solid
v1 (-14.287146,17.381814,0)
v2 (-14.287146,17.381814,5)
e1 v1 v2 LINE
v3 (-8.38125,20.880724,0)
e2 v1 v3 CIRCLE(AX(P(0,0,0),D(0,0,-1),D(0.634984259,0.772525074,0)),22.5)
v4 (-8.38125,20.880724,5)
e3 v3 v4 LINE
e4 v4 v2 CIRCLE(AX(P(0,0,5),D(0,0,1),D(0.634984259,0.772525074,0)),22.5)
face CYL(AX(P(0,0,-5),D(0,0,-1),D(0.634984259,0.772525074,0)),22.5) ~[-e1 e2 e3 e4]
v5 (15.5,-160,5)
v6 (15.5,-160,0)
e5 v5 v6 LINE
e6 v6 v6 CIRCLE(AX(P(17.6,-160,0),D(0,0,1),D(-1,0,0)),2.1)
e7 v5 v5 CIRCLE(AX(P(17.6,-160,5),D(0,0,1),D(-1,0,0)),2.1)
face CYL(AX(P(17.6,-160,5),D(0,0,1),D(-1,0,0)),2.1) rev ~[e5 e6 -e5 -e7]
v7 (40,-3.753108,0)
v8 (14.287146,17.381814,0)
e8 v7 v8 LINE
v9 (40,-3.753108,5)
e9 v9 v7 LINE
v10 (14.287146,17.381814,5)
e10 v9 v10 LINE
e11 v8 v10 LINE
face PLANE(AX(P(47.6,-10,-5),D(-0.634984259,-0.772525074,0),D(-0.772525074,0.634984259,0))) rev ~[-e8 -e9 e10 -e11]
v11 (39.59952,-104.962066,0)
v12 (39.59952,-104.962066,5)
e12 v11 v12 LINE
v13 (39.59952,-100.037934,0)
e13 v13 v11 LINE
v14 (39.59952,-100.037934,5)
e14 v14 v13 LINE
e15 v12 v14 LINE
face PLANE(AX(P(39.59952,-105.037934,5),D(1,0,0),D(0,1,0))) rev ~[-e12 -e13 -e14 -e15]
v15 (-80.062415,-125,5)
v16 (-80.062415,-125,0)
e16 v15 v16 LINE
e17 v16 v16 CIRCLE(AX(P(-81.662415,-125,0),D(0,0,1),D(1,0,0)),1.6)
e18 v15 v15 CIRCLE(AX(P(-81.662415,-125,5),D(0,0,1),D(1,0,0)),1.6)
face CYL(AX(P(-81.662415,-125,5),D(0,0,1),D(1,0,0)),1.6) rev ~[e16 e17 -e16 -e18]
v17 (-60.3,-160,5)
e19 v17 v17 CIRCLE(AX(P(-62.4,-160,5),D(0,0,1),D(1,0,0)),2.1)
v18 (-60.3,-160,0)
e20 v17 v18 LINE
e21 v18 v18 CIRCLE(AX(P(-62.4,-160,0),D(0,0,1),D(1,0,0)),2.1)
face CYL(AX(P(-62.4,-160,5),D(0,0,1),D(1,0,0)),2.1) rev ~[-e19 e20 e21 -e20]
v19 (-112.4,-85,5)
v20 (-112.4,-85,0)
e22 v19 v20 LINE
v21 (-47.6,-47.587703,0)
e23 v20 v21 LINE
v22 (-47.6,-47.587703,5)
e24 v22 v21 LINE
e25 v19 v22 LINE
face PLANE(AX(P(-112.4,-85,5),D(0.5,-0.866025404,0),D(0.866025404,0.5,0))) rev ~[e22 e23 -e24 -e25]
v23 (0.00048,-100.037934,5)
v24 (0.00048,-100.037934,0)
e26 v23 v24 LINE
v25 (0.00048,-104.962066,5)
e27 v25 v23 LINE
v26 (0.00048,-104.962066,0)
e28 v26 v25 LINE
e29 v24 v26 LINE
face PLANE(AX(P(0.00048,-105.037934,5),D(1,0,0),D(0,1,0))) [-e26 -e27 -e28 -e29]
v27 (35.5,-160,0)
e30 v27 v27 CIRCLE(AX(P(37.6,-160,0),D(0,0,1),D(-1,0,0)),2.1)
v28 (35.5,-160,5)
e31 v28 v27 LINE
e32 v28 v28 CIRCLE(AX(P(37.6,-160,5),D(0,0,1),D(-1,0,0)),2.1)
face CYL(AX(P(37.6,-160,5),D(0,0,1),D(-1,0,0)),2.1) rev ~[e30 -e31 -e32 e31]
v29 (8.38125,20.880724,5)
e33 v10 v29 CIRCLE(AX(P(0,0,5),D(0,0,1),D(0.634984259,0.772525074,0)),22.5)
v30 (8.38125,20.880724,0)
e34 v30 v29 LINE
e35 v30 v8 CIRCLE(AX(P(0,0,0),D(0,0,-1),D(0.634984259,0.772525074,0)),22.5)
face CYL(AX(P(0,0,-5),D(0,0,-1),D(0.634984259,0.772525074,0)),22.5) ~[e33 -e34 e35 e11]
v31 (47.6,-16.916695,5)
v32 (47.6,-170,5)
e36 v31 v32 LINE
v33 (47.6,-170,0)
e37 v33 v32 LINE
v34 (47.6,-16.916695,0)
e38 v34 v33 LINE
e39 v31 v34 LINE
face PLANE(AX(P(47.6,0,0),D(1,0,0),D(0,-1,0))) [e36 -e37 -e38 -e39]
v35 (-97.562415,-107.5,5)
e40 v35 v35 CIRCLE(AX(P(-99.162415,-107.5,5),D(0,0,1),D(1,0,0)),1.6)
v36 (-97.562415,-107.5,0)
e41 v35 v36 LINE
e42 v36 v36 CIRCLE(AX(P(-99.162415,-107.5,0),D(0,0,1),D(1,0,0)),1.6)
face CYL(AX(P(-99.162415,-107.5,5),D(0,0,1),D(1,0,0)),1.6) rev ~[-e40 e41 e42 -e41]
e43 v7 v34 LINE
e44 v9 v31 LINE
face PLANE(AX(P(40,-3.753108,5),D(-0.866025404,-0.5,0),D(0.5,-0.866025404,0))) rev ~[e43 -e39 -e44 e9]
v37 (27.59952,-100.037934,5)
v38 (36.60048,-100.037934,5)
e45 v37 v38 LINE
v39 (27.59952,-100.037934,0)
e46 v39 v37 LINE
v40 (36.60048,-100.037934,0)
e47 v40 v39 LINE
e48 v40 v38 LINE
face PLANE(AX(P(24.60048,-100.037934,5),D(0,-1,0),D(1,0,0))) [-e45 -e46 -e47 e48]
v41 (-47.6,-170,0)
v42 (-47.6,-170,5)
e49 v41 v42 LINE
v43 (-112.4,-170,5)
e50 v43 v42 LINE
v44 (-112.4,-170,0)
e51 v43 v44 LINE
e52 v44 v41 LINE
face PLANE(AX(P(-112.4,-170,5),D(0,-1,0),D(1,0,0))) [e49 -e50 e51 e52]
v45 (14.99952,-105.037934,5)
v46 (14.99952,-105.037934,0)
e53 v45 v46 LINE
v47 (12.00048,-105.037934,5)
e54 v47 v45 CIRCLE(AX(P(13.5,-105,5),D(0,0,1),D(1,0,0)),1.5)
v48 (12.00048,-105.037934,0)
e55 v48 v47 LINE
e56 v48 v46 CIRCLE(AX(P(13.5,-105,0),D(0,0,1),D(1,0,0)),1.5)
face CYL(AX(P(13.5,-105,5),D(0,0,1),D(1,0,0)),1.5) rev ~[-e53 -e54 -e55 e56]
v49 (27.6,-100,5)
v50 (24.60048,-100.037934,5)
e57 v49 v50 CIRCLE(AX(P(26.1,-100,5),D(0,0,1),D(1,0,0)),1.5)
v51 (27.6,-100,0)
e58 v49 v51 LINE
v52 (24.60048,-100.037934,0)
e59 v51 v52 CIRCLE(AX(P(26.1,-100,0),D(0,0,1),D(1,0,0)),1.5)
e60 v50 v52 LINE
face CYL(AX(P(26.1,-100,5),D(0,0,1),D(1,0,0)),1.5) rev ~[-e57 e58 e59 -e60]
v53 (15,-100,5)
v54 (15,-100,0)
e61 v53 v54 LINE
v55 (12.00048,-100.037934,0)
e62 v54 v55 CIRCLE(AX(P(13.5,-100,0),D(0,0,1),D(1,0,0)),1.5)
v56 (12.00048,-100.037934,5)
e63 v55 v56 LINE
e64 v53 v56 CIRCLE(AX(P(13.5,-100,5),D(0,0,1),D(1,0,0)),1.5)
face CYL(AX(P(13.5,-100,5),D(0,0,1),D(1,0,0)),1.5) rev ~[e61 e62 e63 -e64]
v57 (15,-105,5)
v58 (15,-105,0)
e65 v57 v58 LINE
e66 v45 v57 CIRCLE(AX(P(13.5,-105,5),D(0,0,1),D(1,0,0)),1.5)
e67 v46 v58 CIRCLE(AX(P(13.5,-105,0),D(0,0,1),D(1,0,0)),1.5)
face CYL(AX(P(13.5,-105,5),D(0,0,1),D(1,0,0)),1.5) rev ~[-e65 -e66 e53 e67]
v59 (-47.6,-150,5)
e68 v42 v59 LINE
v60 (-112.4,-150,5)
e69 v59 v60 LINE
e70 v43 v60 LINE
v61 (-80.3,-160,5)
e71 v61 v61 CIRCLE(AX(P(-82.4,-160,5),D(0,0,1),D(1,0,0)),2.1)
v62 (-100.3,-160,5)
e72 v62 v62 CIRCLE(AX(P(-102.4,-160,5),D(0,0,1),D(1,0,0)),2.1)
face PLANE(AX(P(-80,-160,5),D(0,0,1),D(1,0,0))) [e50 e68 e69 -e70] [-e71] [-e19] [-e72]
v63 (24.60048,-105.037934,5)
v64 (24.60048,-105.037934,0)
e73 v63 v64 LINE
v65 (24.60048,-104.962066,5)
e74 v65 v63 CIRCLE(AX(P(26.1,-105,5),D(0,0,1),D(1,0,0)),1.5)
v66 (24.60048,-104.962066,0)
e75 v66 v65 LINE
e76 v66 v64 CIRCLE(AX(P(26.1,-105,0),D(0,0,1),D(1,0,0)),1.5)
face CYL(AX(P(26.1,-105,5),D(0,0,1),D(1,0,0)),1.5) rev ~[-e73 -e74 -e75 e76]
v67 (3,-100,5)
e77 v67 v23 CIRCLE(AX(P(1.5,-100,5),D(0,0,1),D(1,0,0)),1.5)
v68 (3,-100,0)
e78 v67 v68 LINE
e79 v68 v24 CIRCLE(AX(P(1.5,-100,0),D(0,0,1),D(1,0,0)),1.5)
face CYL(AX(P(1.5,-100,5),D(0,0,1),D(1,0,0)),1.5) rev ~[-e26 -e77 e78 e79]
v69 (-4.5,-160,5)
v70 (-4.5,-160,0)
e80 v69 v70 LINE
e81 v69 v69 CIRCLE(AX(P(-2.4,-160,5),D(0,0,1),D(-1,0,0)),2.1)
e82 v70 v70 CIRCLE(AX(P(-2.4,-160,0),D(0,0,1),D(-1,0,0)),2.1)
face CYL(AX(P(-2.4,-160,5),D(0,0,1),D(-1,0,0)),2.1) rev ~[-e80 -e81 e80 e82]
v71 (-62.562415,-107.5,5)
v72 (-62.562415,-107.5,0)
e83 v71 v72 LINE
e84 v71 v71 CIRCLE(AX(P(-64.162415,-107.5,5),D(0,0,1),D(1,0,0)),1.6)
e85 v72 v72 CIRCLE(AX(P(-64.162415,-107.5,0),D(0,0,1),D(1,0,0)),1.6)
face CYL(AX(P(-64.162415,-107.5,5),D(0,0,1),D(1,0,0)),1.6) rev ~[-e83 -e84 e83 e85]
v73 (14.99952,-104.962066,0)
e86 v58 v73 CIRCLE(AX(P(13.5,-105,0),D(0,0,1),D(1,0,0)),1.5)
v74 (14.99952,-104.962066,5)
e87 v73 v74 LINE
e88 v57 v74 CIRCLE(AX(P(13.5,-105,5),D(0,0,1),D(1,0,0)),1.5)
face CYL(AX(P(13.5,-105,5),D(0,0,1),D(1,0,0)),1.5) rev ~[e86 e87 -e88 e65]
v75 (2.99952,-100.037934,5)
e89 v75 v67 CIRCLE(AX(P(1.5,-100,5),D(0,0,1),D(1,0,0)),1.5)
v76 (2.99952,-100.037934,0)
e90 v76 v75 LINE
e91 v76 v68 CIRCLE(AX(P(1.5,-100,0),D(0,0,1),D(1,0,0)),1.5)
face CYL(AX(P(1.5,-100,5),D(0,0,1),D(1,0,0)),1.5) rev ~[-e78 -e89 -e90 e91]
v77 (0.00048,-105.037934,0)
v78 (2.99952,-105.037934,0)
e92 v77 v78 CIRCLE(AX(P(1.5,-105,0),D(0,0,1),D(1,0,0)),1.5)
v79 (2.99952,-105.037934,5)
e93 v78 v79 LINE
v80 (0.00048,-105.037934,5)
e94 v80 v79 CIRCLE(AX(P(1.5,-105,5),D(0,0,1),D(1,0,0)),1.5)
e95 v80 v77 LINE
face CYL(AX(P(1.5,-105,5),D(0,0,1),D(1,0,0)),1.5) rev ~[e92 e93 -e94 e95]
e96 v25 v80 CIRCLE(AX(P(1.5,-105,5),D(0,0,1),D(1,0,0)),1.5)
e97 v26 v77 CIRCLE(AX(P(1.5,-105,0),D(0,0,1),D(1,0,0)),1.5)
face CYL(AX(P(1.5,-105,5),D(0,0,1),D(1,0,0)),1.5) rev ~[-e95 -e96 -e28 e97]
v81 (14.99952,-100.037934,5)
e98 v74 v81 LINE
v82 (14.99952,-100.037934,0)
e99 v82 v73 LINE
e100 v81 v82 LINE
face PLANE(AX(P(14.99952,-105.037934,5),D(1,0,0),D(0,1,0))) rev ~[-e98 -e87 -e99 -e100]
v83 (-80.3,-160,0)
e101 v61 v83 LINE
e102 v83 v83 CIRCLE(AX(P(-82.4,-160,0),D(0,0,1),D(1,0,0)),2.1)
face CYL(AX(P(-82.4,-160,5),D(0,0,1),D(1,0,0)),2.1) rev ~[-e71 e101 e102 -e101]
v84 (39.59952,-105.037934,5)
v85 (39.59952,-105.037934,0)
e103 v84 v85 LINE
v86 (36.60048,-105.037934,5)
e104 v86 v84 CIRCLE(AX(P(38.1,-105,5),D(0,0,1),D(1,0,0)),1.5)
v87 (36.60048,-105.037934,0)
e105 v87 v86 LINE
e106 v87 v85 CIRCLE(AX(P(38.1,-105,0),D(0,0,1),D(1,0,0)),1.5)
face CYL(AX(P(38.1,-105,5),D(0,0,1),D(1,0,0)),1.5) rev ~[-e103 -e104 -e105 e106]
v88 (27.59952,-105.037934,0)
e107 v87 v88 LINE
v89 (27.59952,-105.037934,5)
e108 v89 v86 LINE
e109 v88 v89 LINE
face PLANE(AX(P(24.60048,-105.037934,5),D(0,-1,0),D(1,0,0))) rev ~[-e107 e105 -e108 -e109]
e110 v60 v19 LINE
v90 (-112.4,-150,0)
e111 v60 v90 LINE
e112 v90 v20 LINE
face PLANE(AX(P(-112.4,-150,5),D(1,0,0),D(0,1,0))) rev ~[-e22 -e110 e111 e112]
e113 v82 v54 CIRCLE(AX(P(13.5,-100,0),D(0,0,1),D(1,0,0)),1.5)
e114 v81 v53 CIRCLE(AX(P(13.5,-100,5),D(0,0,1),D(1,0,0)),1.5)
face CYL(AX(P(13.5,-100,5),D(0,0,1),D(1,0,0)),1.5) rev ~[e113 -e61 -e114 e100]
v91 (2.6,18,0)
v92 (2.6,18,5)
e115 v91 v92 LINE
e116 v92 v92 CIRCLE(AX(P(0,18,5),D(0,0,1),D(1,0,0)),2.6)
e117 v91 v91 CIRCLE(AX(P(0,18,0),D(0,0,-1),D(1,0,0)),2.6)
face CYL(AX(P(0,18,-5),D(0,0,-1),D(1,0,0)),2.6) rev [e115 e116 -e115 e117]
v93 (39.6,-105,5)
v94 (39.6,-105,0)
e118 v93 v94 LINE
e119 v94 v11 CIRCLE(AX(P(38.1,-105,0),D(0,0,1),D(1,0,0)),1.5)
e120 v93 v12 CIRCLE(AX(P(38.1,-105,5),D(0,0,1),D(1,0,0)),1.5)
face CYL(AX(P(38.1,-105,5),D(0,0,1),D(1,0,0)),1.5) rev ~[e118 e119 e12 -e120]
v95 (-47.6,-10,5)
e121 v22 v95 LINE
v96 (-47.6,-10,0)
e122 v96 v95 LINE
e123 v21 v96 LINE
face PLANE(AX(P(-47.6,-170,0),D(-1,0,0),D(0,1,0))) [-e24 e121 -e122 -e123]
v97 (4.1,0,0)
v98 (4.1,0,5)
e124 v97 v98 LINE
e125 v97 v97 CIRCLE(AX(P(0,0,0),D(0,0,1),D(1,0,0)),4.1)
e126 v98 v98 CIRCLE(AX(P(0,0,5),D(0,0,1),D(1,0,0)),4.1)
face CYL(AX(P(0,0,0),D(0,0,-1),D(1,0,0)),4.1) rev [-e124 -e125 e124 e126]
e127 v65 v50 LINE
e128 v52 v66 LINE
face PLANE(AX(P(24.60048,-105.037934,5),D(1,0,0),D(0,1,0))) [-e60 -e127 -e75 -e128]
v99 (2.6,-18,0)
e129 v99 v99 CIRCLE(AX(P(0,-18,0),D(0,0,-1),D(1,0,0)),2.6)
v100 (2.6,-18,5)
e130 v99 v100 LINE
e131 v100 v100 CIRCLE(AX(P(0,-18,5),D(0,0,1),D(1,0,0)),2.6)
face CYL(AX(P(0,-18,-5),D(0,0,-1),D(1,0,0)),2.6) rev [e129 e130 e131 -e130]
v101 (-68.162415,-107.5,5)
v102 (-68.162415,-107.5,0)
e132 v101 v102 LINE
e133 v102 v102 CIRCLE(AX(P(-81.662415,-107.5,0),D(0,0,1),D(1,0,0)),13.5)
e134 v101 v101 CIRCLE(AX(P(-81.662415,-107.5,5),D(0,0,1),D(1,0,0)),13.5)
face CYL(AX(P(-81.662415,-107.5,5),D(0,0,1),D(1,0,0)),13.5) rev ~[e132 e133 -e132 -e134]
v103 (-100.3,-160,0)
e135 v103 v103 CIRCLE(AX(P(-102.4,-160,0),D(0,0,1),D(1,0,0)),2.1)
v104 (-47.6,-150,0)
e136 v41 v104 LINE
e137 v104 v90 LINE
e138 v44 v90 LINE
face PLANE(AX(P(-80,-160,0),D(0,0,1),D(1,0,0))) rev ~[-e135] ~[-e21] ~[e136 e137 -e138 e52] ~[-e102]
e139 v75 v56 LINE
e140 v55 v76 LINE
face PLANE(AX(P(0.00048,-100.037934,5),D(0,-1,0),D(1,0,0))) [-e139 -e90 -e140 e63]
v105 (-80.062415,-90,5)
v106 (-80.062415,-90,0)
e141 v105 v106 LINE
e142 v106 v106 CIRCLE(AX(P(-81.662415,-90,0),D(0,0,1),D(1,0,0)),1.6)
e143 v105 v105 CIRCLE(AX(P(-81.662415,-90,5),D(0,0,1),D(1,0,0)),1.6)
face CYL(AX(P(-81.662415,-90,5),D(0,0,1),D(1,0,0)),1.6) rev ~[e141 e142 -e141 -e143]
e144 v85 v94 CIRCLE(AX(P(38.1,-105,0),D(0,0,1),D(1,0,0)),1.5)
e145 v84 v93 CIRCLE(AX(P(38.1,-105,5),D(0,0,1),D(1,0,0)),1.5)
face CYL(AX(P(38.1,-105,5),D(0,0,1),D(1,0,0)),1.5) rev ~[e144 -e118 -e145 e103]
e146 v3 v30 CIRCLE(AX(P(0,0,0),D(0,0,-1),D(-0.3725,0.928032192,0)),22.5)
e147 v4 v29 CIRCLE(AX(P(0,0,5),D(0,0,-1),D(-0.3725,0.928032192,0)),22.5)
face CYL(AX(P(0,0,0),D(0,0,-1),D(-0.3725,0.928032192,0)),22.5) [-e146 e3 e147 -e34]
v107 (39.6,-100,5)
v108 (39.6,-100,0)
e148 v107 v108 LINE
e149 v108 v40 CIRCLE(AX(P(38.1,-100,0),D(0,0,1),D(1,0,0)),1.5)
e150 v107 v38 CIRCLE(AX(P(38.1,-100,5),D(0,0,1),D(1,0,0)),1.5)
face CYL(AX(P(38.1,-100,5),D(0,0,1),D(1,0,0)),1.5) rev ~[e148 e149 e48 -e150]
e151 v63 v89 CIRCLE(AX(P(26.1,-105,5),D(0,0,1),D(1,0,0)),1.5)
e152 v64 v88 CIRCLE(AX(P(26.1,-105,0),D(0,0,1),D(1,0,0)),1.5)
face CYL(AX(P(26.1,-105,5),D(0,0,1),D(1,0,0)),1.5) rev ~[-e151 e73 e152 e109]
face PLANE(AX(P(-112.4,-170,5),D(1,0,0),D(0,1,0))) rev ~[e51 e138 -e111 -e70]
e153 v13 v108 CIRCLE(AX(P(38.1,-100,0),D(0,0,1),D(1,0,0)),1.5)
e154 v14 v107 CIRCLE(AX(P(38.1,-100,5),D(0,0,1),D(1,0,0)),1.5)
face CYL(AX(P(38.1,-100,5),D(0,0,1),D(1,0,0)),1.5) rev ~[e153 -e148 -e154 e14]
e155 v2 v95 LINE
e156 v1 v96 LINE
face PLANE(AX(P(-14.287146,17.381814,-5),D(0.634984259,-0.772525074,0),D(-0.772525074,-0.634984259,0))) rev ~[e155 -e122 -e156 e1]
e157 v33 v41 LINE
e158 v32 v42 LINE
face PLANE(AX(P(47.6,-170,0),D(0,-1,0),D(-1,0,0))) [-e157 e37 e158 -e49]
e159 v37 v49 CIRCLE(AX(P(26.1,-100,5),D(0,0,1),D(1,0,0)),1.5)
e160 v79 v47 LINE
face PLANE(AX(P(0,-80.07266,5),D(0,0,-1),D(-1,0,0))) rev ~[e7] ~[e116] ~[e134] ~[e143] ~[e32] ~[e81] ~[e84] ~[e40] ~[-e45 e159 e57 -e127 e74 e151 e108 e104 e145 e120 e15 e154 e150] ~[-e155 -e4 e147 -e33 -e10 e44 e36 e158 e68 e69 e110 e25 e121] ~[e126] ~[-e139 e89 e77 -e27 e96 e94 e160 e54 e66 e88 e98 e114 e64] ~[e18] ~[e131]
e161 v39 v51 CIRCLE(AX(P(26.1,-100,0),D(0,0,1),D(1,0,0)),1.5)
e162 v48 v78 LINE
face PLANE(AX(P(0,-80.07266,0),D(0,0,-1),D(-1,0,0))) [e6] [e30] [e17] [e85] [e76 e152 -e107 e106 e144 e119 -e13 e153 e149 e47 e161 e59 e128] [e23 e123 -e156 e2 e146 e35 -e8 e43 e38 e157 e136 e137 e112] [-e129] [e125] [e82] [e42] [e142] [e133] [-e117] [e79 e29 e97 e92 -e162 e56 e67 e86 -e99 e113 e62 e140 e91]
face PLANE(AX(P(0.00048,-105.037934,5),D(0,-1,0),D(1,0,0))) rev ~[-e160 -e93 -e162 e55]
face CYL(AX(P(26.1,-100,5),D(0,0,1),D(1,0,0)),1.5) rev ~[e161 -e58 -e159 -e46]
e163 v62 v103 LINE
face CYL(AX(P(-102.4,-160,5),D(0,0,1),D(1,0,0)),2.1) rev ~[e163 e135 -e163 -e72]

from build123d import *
from build123d.topology import SkipClean

# Parameters (mm, degrees)
SKETCH_1_R          = 2.6
SKETCH_1_R_2        = 4.1
EXTRUDE_1_DEPTH     = 5
SKETCH_2_R          = 13.5
SKETCH_2_R_2        = 1.6
EXTRUDE_2_DEPTH     = 5
CUT_EXTRUDE_START   = -10
SKETCH_3_R          = 2.6
CUT_EXTRUDE_1_DEPTH = 10
CUT_EXTRUDE_3_DEPTH = 5
SKETCH_6_R          = 1.5
CUT_EXTRUDE_5_DEPTH = 204.859657608
SKETCH_7_W          = 14.99904054
SKETCH_7_H          = 5
CUT_EXTRUDE_6_DEPTH = 204.859657608
SKETCH_8_W          = 64.8
SKETCH_8_H          = 20
EXTRUDE_3_DEPTH     = 5
SKETCH_9_R          = 2.1
CUT_EXTRUDE_7_DEPTH = 5


with BuildPart() as part:
    # 草图1 → 凸台-拉伸1 (new body)
    with BuildSketch(Plane.XY):
        with BuildLine():
            Line((-42.831, 7.053044662), (-8.38125, 20.880724327))
            ThreePointArc((-8.38125, 20.880724327), (0, 22.5), (8.38125, 20.880724327))
            Line((8.38125, 20.880724327), (42.831, 7.053044662))
            ThreePointArc((42.831, 7.053044662), (46.29585578, 4.257017735), (47.6, 0))
            Line((47.6, 0), (47.6, -170))
            Line((47.6, -170), (-47.6, -170))
            Line((-47.6, -170), (-47.6, 0))
            ThreePointArc((-47.6, 0), (-46.29585578, 4.257017735), (-42.831, 7.053044662))
        make_face()
        with Locations((-40, 0)):
            Circle(SKETCH_1_R, mode=Mode.SUBTRACT)
        with Locations(Location((40, 0, 0), (0, 0, 180))):
            Circle(SKETCH_1_R, mode=Mode.SUBTRACT)
        Circle(SKETCH_1_R_2, mode=Mode.SUBTRACT)
    extrude(amount=EXTRUDE_1_DEPTH)

    # 草图2 → 凸台-拉伸2 (add)
    with BuildSketch(Plane.XY.offset(5)):
        Polygon((-47.6, -47.587702557), (-47.6, -150), (-112.4, -150), (-112.4, -85), align=None)
        with Locations((-81.662414855, -107.5)):
            Circle(SKETCH_2_R, mode=Mode.SUBTRACT)
        with Locations((-81.662414855, -90)):
            Circle(SKETCH_2_R_2, mode=Mode.SUBTRACT)
        with Locations((-64.162414855, -107.5)):
            Circle(SKETCH_2_R_2, mode=Mode.SUBTRACT)
        with Locations((-81.662414855, -125)):
            Circle(SKETCH_2_R_2, mode=Mode.SUBTRACT)
        with Locations((-99.162414855, -107.5)):
            Circle(SKETCH_2_R_2, mode=Mode.SUBTRACT)
    extrude(amount=-EXTRUDE_2_DEPTH)

    # 草图3 → 切除-拉伸1 (cut)
    with SkipClean():  # the faces are left unmerged after this step: merging them gives an invalid solid
        with BuildSketch(Plane.XY.offset(5).offset(CUT_EXTRUDE_START)):
            with Locations((0, 18)):
                Circle(SKETCH_3_R)
            with Locations((0, -18)):
                Circle(SKETCH_3_R)
            with BuildLine():
                Line((-14.287145834, 17.381814172), (-47.6, -10))
                Line((-47.6, -10), (-95.969286822, 101.060273712))
                Line((-95.969286822, 101.060273712), (-90.307154963, 103.526261511))
                Line((-90.307154963, 103.526261511), (99.481091757, 68.842428386))
                Line((99.481091757, 68.842428386), (47.6, -10))
                Line((47.6, -10), (14.287145834, 17.381814172))
                ThreePointArc((14.287145834, 17.381814172), (0, 22.5), (-14.287145834, 17.381814172))
            make_face()
        extrude(amount=CUT_EXTRUDE_1_DEPTH, mode=Mode.SUBTRACT)

    # 草图5 → 切除-拉伸3 (cut)
    with SkipClean():  # the faces are left unmerged after this step: merging them gives an invalid solid
        with BuildSketch(Plane.XY.offset(5)):
            Polygon((40, -3.753108435), (47.6, -16.916694572), (47.6, -10), align=None)
        extrude(amount=-CUT_EXTRUDE_3_DEPTH, mode=Mode.SUBTRACT)

    # 草图6 → 切除-拉伸5 (cut, through all)
    with SkipClean():  # the faces are left unmerged after this step: merging them gives an invalid solid
        with BuildSketch(Plane.XY.offset(5)):
            with Locations((1.5, -105)):
                Circle(SKETCH_6_R)
            with Locations((1.5, -100)):
                Circle(SKETCH_6_R)
            with Locations((13.5, -105)):
                Circle(SKETCH_6_R)
            with Locations((13.5, -100)):
                Circle(SKETCH_6_R)
            with Locations((38.1, -105)):
                Circle(SKETCH_6_R)
            with Locations((26.1, -105)):
                Circle(SKETCH_6_R)
            with Locations((26.1, -100)):
                Circle(SKETCH_6_R)
            with Locations((38.1, -100)):
                Circle(SKETCH_6_R)
        extrude(amount=-CUT_EXTRUDE_5_DEPTH, mode=Mode.SUBTRACT)

    # 草图7 → 切除-拉伸6 (cut, through all)
    with SkipClean():  # the faces are left unmerged after this step: merging them gives an invalid solid
        with BuildSketch(Plane.XY.offset(5)):
            with Locations((7.5, -102.537933644)):
                Rectangle(SKETCH_7_W, SKETCH_7_H)
            with Locations((32.1, -102.537933644)):
                Rectangle(SKETCH_7_W, SKETCH_7_H)
        extrude(amount=-CUT_EXTRUDE_6_DEPTH, mode=Mode.SUBTRACT)

    # 草图8 → 凸台-拉伸3 (add)
    with SkipClean():  # the faces are left unmerged after this step: merging them gives an invalid solid
        with BuildSketch(Plane.XY.offset(5)):
            with Locations((-80, -160)):
                Rectangle(SKETCH_8_W, SKETCH_8_H)
        extrude(amount=-EXTRUDE_3_DEPTH)

    # 草图9 → 切除-拉伸7 (cut)
    with SkipClean():  # the faces are left unmerged after this step: merging them gives an invalid solid
        with BuildSketch(Plane.XY.offset(5)):
            with Locations((-102.4, -160)):
                Circle(SKETCH_9_R)
            with Locations((-82.4, -160)):
                Circle(SKETCH_9_R)
            with Locations((-62.4, -160)):
                Circle(SKETCH_9_R)
            with Locations(Location((-2.4, -160, 0), (0, 0, 180))):
                Circle(SKETCH_9_R)
            with Locations(Location((17.6, -160, 0), (0, 0, 180))):
                Circle(SKETCH_9_R)
            with Locations(Location((37.6, -160, 0), (0, 0, 180))):
                Circle(SKETCH_9_R)
        extrude(amount=-CUT_EXTRUDE_7_DEPTH, mode=Mode.SUBTRACT)


solid = part.part
